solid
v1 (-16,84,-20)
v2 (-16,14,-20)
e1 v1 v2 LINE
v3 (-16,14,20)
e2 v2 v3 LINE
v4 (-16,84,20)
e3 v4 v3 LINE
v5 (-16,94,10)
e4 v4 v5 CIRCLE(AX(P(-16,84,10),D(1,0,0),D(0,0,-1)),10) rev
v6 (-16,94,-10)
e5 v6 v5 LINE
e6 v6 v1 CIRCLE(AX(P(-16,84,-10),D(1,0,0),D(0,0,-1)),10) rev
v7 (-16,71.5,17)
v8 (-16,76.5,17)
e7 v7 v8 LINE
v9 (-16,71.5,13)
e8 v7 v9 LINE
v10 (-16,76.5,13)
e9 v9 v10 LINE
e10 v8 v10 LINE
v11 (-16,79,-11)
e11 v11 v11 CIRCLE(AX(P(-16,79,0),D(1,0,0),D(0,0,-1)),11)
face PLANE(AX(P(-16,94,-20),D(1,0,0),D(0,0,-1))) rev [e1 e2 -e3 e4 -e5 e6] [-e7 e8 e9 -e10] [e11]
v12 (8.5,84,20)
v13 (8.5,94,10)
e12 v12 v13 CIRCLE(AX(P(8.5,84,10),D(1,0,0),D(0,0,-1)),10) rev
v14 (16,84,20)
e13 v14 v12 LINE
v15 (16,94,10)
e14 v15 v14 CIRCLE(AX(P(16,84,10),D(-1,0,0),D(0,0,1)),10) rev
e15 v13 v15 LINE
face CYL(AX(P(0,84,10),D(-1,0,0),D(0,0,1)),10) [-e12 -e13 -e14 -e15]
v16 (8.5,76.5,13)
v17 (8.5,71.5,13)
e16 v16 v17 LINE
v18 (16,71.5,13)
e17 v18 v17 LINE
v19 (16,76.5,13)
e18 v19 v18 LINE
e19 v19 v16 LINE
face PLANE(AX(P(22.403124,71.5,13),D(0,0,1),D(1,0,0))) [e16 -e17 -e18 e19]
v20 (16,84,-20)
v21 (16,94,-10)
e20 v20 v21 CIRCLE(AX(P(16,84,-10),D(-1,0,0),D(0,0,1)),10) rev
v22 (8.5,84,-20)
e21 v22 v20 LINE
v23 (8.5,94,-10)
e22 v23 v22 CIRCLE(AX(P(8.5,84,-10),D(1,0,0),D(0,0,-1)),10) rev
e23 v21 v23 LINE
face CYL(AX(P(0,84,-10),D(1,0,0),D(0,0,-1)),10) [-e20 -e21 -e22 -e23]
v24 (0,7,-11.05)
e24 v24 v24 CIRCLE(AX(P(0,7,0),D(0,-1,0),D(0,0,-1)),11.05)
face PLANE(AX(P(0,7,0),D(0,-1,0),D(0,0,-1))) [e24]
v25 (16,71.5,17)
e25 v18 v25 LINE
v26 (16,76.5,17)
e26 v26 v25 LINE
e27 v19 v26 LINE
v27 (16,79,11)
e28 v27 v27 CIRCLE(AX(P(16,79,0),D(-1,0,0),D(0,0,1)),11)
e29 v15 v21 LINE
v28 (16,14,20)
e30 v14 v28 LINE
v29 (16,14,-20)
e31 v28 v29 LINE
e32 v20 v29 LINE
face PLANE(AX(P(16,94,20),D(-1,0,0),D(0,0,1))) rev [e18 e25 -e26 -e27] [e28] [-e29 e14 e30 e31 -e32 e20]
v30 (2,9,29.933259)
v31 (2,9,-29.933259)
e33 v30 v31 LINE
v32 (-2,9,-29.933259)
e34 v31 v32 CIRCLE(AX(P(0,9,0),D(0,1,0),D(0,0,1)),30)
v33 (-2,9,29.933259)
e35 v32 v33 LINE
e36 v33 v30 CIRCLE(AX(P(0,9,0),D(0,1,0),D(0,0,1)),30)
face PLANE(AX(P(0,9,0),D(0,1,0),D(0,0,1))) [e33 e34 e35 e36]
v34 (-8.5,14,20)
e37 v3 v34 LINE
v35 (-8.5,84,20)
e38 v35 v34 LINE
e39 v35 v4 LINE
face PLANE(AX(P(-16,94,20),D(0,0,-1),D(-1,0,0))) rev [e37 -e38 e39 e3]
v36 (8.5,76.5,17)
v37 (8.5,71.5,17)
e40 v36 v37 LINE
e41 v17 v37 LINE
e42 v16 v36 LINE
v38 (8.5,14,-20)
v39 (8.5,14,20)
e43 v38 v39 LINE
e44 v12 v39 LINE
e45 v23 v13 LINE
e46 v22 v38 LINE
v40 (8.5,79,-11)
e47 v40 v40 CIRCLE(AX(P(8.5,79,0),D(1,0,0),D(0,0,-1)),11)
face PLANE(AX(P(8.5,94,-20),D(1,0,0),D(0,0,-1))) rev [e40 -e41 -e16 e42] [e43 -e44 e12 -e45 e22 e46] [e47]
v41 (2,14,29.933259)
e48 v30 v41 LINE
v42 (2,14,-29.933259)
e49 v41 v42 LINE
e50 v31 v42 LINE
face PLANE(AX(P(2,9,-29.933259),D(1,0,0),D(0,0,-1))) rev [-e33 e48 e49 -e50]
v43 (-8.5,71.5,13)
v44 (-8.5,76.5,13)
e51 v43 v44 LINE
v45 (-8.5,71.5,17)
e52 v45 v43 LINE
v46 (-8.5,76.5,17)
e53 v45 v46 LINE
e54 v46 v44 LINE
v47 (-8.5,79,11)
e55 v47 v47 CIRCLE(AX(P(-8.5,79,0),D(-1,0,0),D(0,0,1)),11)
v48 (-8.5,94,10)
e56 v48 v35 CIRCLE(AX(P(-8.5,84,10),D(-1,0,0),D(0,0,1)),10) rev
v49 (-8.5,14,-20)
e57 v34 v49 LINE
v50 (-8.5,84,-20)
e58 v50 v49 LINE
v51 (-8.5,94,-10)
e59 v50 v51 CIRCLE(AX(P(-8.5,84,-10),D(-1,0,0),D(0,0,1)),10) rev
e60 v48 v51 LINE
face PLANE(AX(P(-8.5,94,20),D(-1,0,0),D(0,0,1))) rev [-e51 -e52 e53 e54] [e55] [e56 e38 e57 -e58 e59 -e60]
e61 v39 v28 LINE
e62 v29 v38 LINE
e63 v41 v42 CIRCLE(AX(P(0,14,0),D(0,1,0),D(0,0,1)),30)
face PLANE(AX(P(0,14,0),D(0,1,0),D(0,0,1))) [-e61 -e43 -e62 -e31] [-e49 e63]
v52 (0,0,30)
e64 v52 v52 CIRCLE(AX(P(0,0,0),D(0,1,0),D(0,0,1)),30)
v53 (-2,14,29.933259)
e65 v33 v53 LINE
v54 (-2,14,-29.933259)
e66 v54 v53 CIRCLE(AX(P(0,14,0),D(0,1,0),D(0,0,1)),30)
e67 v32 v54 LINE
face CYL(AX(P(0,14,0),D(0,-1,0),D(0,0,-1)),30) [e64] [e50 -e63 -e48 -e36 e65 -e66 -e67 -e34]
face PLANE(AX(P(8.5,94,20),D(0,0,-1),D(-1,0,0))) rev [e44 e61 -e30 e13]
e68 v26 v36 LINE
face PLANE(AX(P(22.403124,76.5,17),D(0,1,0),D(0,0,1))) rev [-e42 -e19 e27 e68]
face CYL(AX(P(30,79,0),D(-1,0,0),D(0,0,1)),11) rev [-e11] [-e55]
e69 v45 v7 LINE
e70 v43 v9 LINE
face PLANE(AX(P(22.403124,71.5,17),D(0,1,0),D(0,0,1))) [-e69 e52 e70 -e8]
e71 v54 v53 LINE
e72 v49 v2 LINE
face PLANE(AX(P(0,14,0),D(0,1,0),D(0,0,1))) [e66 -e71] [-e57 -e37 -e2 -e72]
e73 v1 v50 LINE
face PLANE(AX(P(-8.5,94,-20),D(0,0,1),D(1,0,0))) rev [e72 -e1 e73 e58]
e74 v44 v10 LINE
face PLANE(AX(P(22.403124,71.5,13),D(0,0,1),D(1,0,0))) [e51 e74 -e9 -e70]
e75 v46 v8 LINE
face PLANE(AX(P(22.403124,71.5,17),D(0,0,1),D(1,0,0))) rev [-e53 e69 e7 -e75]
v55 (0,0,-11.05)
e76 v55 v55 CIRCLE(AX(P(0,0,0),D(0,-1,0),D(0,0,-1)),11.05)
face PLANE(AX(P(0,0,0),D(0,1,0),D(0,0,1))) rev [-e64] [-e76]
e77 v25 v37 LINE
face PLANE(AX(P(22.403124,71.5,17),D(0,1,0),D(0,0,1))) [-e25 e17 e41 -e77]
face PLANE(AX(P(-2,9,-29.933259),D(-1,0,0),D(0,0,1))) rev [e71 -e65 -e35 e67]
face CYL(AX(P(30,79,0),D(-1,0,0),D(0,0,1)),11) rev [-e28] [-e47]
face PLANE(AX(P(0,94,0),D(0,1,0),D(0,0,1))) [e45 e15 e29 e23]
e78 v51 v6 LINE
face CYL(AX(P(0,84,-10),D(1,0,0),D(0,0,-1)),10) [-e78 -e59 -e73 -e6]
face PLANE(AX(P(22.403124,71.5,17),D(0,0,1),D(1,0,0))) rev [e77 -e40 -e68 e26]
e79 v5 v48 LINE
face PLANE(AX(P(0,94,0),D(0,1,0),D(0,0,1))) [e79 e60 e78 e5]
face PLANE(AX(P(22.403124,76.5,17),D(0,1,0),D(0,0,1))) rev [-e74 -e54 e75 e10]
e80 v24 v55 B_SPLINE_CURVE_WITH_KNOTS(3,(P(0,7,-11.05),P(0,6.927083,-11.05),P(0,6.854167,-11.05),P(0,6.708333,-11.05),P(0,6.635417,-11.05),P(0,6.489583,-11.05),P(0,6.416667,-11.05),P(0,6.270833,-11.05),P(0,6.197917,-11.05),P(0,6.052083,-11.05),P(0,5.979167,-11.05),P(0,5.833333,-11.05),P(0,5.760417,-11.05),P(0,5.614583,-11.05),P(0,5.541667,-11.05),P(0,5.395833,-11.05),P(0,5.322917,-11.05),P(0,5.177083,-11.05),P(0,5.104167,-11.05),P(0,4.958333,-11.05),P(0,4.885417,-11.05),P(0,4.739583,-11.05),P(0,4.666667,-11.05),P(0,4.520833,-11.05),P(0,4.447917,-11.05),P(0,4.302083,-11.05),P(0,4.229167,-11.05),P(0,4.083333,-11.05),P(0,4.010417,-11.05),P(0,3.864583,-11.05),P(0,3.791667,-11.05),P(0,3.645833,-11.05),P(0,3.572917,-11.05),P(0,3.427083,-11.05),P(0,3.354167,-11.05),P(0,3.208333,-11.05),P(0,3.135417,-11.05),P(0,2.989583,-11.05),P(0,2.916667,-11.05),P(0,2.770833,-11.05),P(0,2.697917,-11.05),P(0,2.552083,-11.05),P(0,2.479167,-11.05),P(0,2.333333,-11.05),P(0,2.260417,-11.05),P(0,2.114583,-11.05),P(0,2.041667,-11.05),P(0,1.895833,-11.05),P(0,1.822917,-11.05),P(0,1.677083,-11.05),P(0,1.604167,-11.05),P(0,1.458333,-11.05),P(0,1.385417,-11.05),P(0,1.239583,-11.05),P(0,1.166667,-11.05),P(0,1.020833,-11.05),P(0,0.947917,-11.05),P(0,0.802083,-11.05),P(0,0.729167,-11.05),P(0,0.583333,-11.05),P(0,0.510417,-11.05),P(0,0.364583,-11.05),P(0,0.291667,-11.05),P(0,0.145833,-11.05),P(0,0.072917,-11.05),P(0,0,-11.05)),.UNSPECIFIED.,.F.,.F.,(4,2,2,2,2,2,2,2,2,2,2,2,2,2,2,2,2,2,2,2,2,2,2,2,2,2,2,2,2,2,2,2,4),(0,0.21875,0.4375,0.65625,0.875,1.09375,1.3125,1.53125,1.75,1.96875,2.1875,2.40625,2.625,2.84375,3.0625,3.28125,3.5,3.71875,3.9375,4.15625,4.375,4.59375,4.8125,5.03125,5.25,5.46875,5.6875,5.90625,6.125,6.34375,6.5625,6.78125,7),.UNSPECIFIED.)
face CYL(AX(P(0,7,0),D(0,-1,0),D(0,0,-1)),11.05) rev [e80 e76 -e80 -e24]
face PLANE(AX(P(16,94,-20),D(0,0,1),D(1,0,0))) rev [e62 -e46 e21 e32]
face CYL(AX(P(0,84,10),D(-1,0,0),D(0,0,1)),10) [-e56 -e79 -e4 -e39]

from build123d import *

# Parameters (mm, degrees)
SKETCH1_R               = 30
BOSS_EXTRUDE1_DEPTH     = 14
SKETCH2_R               = 11.05
CUT_EXTRUDE1_DEPTH      = 7
SKETCH5_W               = 7.5
SKETCH5_H               = 40
BOSS_EXTRUDE2_DEPTH     = 80
FILLET1_R               = 10
CUT_EXTRUDE3_DEPTH      = 109.866891202
CUT_EXTRUDE3_DEPTH_BACK = 109.866891202
SKETCH7_R               = 11
CUT_EXTRUDE4_START      = -5
CUT_EXTRUDE4_DEPTH      = 5
CUT_EXTRUDE5_REACH      = 110.867
SKETCH9_W               = 4
SKETCH9_H               = 5


with BuildPart() as part:
    # Sketch1 → Boss-Extrude1 (new body)
    with BuildSketch(Plane(origin=(0, 0, 0), x_dir=(1, 0, 0), z_dir=(0, 1, 0))):
        with Locations(Location((0, 0, 0), (0, 0, 90))):
            Circle(SKETCH1_R)
    extrude(amount=BOSS_EXTRUDE1_DEPTH)

    # Sketch2 → Cut-Extrude1 (cut)
    with BuildSketch(Plane.XZ):
        with Locations(Location((0, 0, 0), (0, 0, 270))):
            Circle(SKETCH2_R)
    extrude(amount=-CUT_EXTRUDE1_DEPTH, mode=Mode.SUBTRACT)

    # Sketch5 → Boss-Extrude2 (add)
    with BuildSketch(Plane(origin=(0, 14, 0), x_dir=(1, 0, 0), z_dir=(0, 1, 0))):
        with Locations((-12.25, 0)):
            Rectangle(SKETCH5_W, SKETCH5_H)
        with Locations((12.25, 0)):
            Rectangle(SKETCH5_W, SKETCH5_H)
    extrude(amount=BOSS_EXTRUDE2_DEPTH)

    # Fillet1
    fillet1_edges = [part.edges().sort_by_distance(p)[0] for p in [
        (-12.25, 94, 20),
        (-12.25, 94, -20),
        (12.25, 94, 20),
        (12.25, 94, -20),
    ]]
    fillet(fillet1_edges, radius=FILLET1_R)

    # Sketch7 → Cut-Extrude3 (cut, two sides: drawn at the far end of the back side and taken through both)
    with BuildSketch(Plane.ZY.offset(16).offset(-CUT_EXTRUDE3_DEPTH_BACK)):
        with Locations((0, 79)):
            Circle(SKETCH7_R)
    extrude(amount=CUT_EXTRUDE3_DEPTH + CUT_EXTRUDE3_DEPTH_BACK, mode=Mode.SUBTRACT)

    # Sketch8 → Cut-Extrude4 (cut)
    with BuildSketch(Plane(origin=(0, 14, 0), x_dir=(1, 0, 0), z_dir=(0, 1, 0)).offset(CUT_EXTRUDE4_START)):
        with BuildLine():
            Line((2, 29.933259094), (2, -29.933259094))
            ThreePointArc((2, -29.933259094), (0, -30), (-2, -29.933259094))
            Line((-2, -29.933259094), (-2, 29.933259094))
            ThreePointArc((-2, 29.933259094), (0, 30), (2, 29.933259094))
        make_face()
    extrude(amount=CUT_EXTRUDE4_DEPTH, mode=Mode.SUBTRACT)

    # Cut-Extrude5: up to this face of the body (flat: up to its plane)
    cut_extrude5_end = Plane(part.part.faces().sort_by_distance((16, 49.994067426, 0))[0])
    # Sketch9 → Cut-Extrude5 (cut, up to the picked face)
    with BuildSketch(Plane.ZY.offset(16), mode=Mode.PRIVATE) as cut_extrude5_sk1:
        with Locations((15, 74)):
            Rectangle(SKETCH9_W, SKETCH9_H)
    cut_extrude5_tool1 = split(extrude(cut_extrude5_sk1.sketch, amount=-CUT_EXTRUDE5_REACH, mode=Mode.PRIVATE), bisect_by=cut_extrude5_end, keep=Keep.BOTH, mode=Mode.PRIVATE)
    add(cut_extrude5_tool1.solids().sort_by(Axis((-16, 74, 15), (1, 0, 0)))[0], mode=Mode.SUBTRACT)


solid = part.part
